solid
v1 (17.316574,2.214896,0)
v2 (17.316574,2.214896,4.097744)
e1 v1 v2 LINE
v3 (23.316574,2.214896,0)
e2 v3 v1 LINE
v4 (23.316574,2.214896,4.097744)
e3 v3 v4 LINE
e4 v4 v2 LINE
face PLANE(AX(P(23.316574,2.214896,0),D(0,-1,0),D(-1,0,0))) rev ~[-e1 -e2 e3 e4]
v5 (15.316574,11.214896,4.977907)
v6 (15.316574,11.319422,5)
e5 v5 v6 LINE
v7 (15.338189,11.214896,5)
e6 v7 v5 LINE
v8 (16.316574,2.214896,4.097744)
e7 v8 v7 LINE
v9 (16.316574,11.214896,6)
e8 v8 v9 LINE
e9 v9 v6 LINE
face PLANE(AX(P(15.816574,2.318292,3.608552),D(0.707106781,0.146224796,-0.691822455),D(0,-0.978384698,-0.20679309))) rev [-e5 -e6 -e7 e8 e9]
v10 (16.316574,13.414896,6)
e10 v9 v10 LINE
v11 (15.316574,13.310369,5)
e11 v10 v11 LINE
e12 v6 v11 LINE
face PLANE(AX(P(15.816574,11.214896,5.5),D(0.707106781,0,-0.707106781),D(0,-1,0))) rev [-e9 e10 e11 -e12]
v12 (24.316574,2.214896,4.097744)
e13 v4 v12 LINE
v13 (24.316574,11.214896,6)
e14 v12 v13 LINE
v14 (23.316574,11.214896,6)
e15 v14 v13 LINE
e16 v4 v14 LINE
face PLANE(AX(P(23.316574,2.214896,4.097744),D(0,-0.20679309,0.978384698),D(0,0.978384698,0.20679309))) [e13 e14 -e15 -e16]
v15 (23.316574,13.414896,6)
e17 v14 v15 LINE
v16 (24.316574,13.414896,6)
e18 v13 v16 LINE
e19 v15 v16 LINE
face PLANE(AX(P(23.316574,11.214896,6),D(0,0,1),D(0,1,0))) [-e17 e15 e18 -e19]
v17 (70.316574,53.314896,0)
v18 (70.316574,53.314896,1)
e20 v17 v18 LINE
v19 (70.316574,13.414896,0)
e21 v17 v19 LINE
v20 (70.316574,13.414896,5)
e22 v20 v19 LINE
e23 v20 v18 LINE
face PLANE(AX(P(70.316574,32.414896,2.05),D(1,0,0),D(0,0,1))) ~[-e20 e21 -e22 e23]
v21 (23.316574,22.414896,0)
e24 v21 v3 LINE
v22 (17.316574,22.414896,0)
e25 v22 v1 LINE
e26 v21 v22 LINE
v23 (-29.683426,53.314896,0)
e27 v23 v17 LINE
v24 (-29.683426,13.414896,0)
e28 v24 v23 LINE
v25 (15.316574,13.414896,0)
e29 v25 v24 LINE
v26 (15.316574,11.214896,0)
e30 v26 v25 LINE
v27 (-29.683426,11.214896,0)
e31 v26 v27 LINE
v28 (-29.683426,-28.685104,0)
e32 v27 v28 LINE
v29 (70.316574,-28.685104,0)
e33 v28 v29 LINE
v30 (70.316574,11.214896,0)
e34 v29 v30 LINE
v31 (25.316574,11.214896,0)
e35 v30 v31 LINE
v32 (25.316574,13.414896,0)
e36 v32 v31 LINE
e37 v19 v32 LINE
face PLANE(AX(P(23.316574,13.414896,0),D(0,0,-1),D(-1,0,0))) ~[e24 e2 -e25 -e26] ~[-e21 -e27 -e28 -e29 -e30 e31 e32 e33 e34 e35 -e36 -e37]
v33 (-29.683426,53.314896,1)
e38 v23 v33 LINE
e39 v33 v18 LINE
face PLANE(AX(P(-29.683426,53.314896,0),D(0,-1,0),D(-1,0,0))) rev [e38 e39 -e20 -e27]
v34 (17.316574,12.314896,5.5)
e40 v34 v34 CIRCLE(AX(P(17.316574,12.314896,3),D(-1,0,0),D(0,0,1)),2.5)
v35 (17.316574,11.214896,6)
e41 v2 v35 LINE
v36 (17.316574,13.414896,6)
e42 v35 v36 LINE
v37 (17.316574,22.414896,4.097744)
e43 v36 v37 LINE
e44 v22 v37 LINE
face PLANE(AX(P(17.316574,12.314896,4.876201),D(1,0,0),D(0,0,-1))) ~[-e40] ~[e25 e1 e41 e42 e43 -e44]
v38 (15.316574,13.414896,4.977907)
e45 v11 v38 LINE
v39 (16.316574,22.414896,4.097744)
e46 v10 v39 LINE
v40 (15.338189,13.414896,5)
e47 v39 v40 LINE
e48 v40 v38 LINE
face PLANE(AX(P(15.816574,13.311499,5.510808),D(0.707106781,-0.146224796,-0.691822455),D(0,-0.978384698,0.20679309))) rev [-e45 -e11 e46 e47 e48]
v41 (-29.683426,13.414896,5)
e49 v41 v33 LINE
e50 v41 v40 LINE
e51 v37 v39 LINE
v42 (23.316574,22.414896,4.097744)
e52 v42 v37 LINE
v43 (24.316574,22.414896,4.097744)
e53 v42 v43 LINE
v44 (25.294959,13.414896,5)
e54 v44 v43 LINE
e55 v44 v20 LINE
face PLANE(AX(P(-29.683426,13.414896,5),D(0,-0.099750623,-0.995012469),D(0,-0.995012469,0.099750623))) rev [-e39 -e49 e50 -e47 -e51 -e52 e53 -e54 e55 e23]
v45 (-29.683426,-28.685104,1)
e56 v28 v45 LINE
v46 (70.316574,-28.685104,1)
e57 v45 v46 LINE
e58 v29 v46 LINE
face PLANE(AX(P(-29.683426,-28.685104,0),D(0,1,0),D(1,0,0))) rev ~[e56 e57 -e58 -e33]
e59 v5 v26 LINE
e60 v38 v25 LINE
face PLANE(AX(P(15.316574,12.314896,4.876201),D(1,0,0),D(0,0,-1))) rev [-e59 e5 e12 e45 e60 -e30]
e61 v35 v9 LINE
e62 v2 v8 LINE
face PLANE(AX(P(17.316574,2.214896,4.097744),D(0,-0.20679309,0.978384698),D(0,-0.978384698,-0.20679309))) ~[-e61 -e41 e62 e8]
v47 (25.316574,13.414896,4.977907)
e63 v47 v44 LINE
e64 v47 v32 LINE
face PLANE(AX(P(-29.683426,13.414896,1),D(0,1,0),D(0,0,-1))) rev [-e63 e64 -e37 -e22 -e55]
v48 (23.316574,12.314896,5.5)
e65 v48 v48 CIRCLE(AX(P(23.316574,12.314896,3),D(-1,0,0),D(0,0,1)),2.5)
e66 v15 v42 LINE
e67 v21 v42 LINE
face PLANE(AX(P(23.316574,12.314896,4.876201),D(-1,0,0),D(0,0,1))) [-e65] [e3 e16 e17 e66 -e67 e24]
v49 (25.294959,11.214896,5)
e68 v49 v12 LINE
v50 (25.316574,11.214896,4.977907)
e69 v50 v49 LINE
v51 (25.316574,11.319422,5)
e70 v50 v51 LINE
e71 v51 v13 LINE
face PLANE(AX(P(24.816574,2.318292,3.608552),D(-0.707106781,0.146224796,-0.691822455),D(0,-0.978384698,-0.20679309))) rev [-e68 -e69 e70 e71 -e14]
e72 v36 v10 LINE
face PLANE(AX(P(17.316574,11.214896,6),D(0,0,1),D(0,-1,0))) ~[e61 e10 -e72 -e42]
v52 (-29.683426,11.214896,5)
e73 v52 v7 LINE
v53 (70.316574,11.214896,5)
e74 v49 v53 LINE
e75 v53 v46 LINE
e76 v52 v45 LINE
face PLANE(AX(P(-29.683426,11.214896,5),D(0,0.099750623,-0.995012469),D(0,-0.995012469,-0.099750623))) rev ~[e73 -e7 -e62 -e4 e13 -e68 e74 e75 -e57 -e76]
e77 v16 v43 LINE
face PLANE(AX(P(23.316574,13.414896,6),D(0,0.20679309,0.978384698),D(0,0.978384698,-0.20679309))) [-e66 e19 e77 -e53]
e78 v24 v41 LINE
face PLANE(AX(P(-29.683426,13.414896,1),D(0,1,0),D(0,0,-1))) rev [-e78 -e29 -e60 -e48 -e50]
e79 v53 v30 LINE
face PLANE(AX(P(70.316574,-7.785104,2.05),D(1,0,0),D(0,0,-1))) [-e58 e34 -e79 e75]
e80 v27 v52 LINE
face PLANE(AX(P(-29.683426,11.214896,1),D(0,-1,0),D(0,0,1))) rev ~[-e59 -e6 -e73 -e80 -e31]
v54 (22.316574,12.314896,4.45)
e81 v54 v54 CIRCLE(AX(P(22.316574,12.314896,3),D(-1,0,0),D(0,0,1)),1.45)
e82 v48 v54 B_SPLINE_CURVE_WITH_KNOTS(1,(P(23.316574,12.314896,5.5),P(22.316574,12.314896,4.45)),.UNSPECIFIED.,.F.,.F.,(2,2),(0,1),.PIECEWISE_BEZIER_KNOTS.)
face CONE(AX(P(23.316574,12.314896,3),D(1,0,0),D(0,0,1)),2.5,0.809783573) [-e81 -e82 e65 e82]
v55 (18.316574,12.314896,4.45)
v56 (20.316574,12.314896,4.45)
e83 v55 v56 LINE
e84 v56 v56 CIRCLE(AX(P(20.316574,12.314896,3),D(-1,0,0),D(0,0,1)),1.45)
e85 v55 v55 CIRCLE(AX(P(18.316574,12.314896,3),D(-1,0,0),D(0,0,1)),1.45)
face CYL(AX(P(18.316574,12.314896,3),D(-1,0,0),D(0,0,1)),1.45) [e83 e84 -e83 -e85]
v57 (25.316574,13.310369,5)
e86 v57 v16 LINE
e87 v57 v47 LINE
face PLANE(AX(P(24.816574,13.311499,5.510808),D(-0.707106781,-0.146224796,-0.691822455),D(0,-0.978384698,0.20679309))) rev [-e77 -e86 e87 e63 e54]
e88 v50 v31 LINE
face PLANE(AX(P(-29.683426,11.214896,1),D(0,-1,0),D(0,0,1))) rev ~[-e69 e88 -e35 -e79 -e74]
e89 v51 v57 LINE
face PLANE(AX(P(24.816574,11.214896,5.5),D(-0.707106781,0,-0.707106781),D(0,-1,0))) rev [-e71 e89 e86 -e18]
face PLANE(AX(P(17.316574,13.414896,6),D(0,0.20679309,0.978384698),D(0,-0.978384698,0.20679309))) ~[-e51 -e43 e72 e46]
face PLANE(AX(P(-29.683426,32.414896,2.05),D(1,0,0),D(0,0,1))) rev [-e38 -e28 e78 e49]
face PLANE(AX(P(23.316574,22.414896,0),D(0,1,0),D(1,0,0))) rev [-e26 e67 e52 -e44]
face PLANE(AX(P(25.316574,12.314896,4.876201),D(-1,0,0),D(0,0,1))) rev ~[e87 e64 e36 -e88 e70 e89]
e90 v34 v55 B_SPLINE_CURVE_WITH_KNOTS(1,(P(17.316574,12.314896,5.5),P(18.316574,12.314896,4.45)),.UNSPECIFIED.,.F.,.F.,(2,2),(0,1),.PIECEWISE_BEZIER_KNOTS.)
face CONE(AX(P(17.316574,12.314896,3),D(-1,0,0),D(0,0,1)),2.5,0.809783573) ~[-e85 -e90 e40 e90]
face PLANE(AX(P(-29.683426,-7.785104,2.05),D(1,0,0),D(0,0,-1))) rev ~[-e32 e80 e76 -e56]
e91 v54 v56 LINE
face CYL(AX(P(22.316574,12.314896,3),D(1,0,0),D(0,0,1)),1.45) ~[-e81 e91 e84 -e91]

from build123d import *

# Parameters (mm, degrees)
DODANIE_WYCI_GNI_CIE1_DEPTH = 1
DODANIE_WYCI_GNI_CIE2_DEPTH = 100
SZKIC3_W                    = 6
SZKIC3_H                    = 9
WYTNIJ_WYCI_GNI_CIE1_DEPTH  = 10
SZKIC4_W                    = 2
SZKIC4_H                    = 5
DODANIE_WYCI_GNI_CIE3_DEPTH = 1.1
DODANIE_WYCI_GNI_CIE5_DEPTH = 2
SZKIC8_R                    = 2.5
SZKIC9_R                    = 1.45
SZKIC10_R                   = 1.45
DODANIE_WYCI_GNI_CIE6_DEPTH = 2
SFAZOWANIE1_SIZE            = 1


with BuildPart() as part:
    # Szkic1 → Dodanie-wyciągnięcie1 (new body)
    with BuildSketch(Plane.XY):
        Polygon((15.316574048, 11.214895549), (-29.683425952, 11.214895549), (-29.683425952, -28.685104451), (70.316574048, -28.685104451), (70.316574048, 11.214895549), (25.316574048, 11.214895549), align=None)
    extrude(amount=DODANIE_WYCI_GNI_CIE1_DEPTH)

    # Szkic2 → Dodanie-wyciągnięcie2 (add)
    with BuildSketch(Plane.ZY.offset(29.683425952)):
        Polygon((1, 11.214895549), (5, 11.214895549), (1, -28.685104451), align=None)
    extrude(amount=-DODANIE_WYCI_GNI_CIE2_DEPTH)

    # Szkic3 → Wytnij-wyciągnięcie1 (cut)
    with BuildSketch(Plane(origin=(0, 0, 0), x_dir=(-1, 0, 0), z_dir=(0, 0, -1))):
        with Locations((-20.316574048, 6.714895549)):
            Rectangle(SZKIC3_W, SZKIC3_H)
    extrude(amount=-WYTNIJ_WYCI_GNI_CIE1_DEPTH, mode=Mode.SUBTRACT)

    # Szkic4 → Dodanie-wyciągnięcie3 (add)
    with BuildSketch(Plane(origin=(0, 11.214895549, 0), x_dir=(1, 0, 0), z_dir=(0, 1, 0))):
        with Locations((24.316574048, -2.5)):
            Rectangle(SZKIC4_W, SZKIC4_H)
        with Locations((16.316574048, -2.5)):
            Rectangle(SZKIC4_W, SZKIC4_H)
    extrude(amount=DODANIE_WYCI_GNI_CIE3_DEPTH)

    # Lustro2: part across plane


with BuildPart() as part_1:
    add(part.part)
    add(part.part.mirror(Plane.ZX.offset(12.314895549)))

    # Szkic7 → Dodanie-wyciągnięcie5 (add)
    with BuildSketch(Plane.ZY.offset(-23.316574048)):
        Polygon((4.097744361, 22.414895549), (5, 13.414895549), (5, 11.214895549), (4.097744361, 2.214895549), (6, 11.214895549), (6, 13.414895549), align=None)
    dodanie_wyci_gni_cie5 = extrude(amount=-DODANIE_WYCI_GNI_CIE5_DEPTH)

    # Szkic8 → Wyciągnięcie po profilach1 section 0
    with BuildSketch(Plane.ZY.offset(-23.316574048)):
        with Locations((3, 12.314895549)):
            Circle(SZKIC8_R)
    # Szkic9 → Wyciągnięcie po profilach1 section 1
    with BuildSketch(Plane.ZY.offset(-22.316574048)):
        with Locations((3, 12.314895549)):
            Circle(SZKIC9_R)
    wyci_gni_cie_po_profilach1 = loft()

    # Szkic10 → Dodanie-wyciągnięcie6 (add)
    with BuildSketch(Plane.ZY.offset(-22.316574048)):
        with Locations((3, 12.314895549)):
            Circle(SZKIC10_R)
    dodanie_wyci_gni_cie6 = extrude(amount=DODANIE_WYCI_GNI_CIE6_DEPTH)

    # Lustro3: Dodanie-wyciągnięcie5, Wyciągnięcie po profilach1, Dodanie-wyciągnięcie6 across plane
    add(dodanie_wyci_gni_cie5.mirror(Plane(origin=(20.316574048, 12.314895549, 3), x_dir=(0, 0, 1), z_dir=(-1, 0, 0))))
    add(wyci_gni_cie_po_profilach1.mirror(Plane(origin=(20.316574048, 12.314895549, 3), x_dir=(0, 0, 1), z_dir=(-1, 0, 0))))
    add(dodanie_wyci_gni_cie6.mirror(Plane(origin=(20.316574048, 12.314895549, 3), x_dir=(0, 0, 1), z_dir=(-1, 0, 0))))

    # Sfazowanie1
    sfazowanie1_edges = [part_1.edges().sort_by_distance(p)[0] for p in [
        (15.316574048, 6.714895549, 5.04887218),
        (15.316574048, 12.314895549, 6),
        (15.316574048, 17.914895549, 5.04887218),
        (25.316574048, 17.914895549, 5.04887218),
        (25.316574048, 12.314895549, 6),
        (25.316574048, 6.714895549, 5.04887218),
    ]]
    chamfer(sfazowanie1_edges, length=SFAZOWANIE1_SIZE)


solid = part_1.part
